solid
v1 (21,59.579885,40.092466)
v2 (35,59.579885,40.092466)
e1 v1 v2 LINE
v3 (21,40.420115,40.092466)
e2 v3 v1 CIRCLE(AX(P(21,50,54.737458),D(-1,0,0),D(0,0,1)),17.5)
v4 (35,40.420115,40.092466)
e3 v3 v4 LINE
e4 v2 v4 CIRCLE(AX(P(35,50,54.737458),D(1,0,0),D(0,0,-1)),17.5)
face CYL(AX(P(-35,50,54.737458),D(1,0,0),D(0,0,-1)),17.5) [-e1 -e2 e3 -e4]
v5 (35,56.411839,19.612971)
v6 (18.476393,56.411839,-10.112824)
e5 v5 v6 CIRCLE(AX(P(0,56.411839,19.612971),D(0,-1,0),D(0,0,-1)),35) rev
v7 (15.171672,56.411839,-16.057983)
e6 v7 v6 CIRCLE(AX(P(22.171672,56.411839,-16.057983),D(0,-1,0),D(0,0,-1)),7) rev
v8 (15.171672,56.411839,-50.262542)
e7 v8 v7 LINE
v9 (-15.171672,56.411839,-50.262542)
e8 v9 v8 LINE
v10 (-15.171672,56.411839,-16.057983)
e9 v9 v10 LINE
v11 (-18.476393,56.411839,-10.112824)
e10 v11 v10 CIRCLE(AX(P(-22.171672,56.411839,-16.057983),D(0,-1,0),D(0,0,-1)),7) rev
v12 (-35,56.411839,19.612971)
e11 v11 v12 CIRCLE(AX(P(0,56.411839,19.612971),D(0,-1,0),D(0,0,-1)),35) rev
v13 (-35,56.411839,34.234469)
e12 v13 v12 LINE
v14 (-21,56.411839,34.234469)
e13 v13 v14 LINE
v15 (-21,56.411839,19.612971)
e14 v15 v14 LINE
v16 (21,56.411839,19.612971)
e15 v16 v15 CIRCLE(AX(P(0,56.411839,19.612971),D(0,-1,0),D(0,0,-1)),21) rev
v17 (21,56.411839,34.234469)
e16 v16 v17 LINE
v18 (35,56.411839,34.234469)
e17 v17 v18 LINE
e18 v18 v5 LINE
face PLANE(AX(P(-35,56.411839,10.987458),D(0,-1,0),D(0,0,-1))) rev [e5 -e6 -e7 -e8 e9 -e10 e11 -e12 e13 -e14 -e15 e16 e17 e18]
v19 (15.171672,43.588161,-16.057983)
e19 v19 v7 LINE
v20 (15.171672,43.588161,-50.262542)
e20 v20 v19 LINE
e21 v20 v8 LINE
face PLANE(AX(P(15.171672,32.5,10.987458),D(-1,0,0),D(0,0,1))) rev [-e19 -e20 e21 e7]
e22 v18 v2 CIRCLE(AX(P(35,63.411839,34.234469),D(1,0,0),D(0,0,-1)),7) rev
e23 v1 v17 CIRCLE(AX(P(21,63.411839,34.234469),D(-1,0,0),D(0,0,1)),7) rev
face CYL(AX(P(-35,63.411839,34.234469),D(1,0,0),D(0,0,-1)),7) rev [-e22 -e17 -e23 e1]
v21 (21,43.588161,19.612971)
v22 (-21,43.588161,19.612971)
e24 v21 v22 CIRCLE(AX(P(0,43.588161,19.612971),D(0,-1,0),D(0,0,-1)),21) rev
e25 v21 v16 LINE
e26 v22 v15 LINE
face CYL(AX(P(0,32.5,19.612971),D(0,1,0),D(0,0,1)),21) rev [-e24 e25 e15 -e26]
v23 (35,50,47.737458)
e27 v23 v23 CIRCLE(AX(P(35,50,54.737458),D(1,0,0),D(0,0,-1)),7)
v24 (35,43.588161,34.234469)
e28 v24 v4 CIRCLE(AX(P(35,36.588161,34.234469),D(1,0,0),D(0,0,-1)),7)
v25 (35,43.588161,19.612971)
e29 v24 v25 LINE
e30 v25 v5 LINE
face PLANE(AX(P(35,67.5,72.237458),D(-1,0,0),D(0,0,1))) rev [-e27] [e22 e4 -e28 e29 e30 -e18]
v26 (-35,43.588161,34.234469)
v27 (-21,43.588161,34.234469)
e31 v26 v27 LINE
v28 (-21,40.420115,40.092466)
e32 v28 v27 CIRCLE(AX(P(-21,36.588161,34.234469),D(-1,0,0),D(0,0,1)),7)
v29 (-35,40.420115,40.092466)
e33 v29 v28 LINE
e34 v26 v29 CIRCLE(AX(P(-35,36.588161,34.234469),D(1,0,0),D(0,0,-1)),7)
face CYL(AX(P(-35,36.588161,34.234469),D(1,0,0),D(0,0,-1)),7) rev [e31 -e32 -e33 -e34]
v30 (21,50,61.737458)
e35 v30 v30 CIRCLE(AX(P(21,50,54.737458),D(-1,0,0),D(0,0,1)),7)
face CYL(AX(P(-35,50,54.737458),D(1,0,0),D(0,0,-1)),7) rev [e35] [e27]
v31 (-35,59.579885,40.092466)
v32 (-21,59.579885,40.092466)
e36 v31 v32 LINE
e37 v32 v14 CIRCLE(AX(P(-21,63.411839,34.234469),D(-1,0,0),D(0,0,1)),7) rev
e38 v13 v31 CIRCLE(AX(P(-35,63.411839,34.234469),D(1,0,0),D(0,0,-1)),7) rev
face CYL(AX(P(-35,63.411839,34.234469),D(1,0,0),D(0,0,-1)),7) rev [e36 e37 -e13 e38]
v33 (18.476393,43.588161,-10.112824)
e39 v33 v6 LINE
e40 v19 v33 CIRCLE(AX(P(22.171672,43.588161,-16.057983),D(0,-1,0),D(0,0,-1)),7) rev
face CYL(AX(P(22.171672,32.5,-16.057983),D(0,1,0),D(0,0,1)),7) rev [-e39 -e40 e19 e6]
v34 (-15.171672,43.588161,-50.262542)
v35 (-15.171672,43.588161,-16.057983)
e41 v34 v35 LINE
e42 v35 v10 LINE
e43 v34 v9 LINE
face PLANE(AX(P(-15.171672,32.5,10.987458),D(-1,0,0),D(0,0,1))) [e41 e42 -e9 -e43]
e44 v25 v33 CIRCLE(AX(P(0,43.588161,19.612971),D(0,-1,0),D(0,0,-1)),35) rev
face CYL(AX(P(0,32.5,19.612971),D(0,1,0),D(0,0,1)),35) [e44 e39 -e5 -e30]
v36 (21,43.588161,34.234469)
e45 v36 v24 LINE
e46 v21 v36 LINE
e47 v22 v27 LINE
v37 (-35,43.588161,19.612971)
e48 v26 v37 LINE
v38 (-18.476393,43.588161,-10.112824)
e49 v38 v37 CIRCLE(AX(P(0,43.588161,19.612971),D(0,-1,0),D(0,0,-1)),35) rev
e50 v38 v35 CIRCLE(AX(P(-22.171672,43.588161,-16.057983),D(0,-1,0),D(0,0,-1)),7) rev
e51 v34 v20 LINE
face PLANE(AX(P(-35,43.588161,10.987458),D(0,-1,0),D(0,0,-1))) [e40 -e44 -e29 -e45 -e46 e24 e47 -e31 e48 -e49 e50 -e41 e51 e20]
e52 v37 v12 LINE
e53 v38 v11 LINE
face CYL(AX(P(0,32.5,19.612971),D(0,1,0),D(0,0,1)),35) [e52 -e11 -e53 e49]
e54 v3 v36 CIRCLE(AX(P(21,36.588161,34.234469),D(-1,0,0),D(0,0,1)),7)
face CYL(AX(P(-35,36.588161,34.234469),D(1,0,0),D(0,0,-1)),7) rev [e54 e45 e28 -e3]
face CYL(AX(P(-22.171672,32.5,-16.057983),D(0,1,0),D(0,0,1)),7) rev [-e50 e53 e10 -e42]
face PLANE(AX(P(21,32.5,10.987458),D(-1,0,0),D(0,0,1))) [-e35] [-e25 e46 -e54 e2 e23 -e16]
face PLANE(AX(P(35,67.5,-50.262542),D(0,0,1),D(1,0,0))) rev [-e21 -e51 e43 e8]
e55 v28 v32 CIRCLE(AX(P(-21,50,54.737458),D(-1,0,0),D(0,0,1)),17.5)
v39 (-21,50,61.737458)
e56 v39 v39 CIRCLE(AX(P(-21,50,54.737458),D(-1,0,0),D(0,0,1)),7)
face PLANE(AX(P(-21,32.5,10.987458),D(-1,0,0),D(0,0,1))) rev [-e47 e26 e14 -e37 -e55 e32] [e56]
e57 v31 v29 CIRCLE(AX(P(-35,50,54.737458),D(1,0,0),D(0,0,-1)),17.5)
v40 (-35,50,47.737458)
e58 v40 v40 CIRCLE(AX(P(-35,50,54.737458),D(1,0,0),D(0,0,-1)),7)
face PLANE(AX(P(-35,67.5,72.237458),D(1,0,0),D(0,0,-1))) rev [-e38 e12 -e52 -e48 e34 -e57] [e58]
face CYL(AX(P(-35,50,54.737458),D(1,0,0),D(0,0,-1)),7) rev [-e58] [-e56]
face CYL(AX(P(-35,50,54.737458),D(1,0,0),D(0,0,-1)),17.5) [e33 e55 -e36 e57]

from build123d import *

# Parameters (mm, degrees)
SKETCH2_W           = 200
SKETCH2_H           = 350
BOSS_EXTRUDE1_DEPTH = 100
CUT_EXTRUDE3_DEPTH  = 226
SKETCH5_W           = 97.727308895
SKETCH5_H           = 31.680459025
CUT_EXTRUDE4_DEPTH  = 284.94541729
SCALE1_SCALE        = 0.35


with BuildPart() as part:
    # Sketch2 → Boss-Extrude1 (new body)
    with BuildSketch(Plane(origin=(0, 0, 0), x_dir=(1, 0, 0), z_dir=(0, 1, 0))):
        Rectangle(SKETCH2_W, SKETCH2_H)
    extrude(amount=BOSS_EXTRUDE1_DEPTH)

    # Sketch4 → Cut-Extrude3 (cut, through all)
    with BuildSketch(Plane(origin=(0, 100, 0), x_dir=(1, 0, 0), z_dir=(0, 1, 0))):
        with BuildLine():
            Line((100, 175), (43.347633031, 175))
            Line((43.347633031, 175), (43.347633031, 77.272691105))
            ThreePointArc((43.347633031, 77.272691105), (45.866803863, 67.555664213), (52.789694192, 60.286522394))
            ThreePointArc((52.789694192, 60.286522394), (87.404145859, 23.940813259), (100, -24.644321249))
            Line((100, -24.644321249), (100, 175))
        make_face()
        with BuildLine():
            Line((-43.347633031, 77.272691105), (-43.347633031, 175))
            Line((-43.347633031, 175), (-100, 175))
            Line((-100, 175), (-100, -24.644321206))
            ThreePointArc((-100, -24.644321206), (-87.404145849, 23.940813278), (-52.789694192, 60.286522394))
            ThreePointArc((-52.789694192, 60.286522394), (-45.866803863, 67.555664213), (-43.347633031, 77.272691105))
        make_face()
        with BuildLine():
            Line((60, -175), (60, -24.644321162))
            ThreePointArc((60, -24.644321162), (0, 35.355678838), (-60, -24.644321162))
            Line((-60, -24.644321162), (-60, -175))
            Line((-60, -175), (60, -175))
        make_face()
    extrude(amount=-CUT_EXTRUDE3_DEPTH, mode=Mode.SUBTRACT)

    # Sketch5 → Cut-Extrude4 (cut, through all)
    with BuildSketch(Plane(origin=(100, 0, 0), x_dir=(0, 0, -1), z_dir=(1, 0, 0))):
        with BuildLine():
            Line((-175, 100), (-175, 50))
            ThreePointArc((-175, 50), (-160.355339059, 85.355339059), (-125, 100))
            Line((-125, 100), (-175, 100))
        make_face()
        with BuildLine():
            ThreePointArc((-105, 50), (-125, 70), (-145, 50))
            Line((-145, 50), (-105, 50))
        make_face()
        with BuildLine():
            Line((-105, 50), (-145, 50))
            ThreePointArc((-145, 50), (-125, 30), (-105, 50))
        make_face()
        with BuildLine():
            ThreePointArc((-125, 0), (-160.355339059, 14.644660941), (-175, 50))
            Line((-175, 50), (-175, 0))
            Line((-175, 0), (-125, 0))
        make_face()
        with BuildLine():
            ThreePointArc((-83.15716493, 22.628899304), (-101.215078672, 6.019578022), (-125, 0))
            Line((-125, 0), (-24.644321162, 0))
            Line((-24.644321162, 0), (-24.644321162, 31.680459025))
            Line((-24.644321162, 31.680459025), (-66.420030902, 31.680459025))
            ThreePointArc((-66.420030902, 31.680459025), (-75.933999434, 29.272627817), (-83.15716493, 22.628899304))
        make_face()
        with BuildLine():
            Line((-124.644321162, 100), (-125, 100))
            ThreePointArc((-125, 100), (-101.215078672, 93.980421978), (-83.15716493, 77.371100696))
            ThreePointArc((-83.15716493, 77.371100696), (-75.933999434, 70.727372183), (-66.420030902, 68.319540975))
            Line((-66.420030902, 68.319540975), (-24.644321162, 68.319540975))
            Line((-24.644321162, 68.319540975), (-24.644321162, 100))
            Line((-24.644321162, 100), (-124.644321162, 100))
        make_face()
        Polygon((60.286522394, 100), (-24.644321162, 100), (-24.644321162, 68.319540975), (77.272691105, 68.319540975), (77.272691105, 100), align=None)
        Polygon((-24.644321162, 31.680459025), (-24.644321162, 0), (60.286522394, 0), (77.272691105, 0), (77.272691105, 31.680459025), align=None)
        with Locations((126.136345553, 15.840229513)):
            Rectangle(SKETCH5_W, SKETCH5_H)
        with Locations((126.136345553, 84.159770487)):
            Rectangle(SKETCH5_W, SKETCH5_H)
    extrude(amount=-CUT_EXTRUDE4_DEPTH, mode=Mode.SUBTRACT)


with BuildPart() as part_1:
    # Scale1: scaled about (0, 50, 16.903782196)
    add(part.part.scale(SCALE1_SCALE).moved(Location((0, 32.5, 10.987458427))))


solid = part_1.part
